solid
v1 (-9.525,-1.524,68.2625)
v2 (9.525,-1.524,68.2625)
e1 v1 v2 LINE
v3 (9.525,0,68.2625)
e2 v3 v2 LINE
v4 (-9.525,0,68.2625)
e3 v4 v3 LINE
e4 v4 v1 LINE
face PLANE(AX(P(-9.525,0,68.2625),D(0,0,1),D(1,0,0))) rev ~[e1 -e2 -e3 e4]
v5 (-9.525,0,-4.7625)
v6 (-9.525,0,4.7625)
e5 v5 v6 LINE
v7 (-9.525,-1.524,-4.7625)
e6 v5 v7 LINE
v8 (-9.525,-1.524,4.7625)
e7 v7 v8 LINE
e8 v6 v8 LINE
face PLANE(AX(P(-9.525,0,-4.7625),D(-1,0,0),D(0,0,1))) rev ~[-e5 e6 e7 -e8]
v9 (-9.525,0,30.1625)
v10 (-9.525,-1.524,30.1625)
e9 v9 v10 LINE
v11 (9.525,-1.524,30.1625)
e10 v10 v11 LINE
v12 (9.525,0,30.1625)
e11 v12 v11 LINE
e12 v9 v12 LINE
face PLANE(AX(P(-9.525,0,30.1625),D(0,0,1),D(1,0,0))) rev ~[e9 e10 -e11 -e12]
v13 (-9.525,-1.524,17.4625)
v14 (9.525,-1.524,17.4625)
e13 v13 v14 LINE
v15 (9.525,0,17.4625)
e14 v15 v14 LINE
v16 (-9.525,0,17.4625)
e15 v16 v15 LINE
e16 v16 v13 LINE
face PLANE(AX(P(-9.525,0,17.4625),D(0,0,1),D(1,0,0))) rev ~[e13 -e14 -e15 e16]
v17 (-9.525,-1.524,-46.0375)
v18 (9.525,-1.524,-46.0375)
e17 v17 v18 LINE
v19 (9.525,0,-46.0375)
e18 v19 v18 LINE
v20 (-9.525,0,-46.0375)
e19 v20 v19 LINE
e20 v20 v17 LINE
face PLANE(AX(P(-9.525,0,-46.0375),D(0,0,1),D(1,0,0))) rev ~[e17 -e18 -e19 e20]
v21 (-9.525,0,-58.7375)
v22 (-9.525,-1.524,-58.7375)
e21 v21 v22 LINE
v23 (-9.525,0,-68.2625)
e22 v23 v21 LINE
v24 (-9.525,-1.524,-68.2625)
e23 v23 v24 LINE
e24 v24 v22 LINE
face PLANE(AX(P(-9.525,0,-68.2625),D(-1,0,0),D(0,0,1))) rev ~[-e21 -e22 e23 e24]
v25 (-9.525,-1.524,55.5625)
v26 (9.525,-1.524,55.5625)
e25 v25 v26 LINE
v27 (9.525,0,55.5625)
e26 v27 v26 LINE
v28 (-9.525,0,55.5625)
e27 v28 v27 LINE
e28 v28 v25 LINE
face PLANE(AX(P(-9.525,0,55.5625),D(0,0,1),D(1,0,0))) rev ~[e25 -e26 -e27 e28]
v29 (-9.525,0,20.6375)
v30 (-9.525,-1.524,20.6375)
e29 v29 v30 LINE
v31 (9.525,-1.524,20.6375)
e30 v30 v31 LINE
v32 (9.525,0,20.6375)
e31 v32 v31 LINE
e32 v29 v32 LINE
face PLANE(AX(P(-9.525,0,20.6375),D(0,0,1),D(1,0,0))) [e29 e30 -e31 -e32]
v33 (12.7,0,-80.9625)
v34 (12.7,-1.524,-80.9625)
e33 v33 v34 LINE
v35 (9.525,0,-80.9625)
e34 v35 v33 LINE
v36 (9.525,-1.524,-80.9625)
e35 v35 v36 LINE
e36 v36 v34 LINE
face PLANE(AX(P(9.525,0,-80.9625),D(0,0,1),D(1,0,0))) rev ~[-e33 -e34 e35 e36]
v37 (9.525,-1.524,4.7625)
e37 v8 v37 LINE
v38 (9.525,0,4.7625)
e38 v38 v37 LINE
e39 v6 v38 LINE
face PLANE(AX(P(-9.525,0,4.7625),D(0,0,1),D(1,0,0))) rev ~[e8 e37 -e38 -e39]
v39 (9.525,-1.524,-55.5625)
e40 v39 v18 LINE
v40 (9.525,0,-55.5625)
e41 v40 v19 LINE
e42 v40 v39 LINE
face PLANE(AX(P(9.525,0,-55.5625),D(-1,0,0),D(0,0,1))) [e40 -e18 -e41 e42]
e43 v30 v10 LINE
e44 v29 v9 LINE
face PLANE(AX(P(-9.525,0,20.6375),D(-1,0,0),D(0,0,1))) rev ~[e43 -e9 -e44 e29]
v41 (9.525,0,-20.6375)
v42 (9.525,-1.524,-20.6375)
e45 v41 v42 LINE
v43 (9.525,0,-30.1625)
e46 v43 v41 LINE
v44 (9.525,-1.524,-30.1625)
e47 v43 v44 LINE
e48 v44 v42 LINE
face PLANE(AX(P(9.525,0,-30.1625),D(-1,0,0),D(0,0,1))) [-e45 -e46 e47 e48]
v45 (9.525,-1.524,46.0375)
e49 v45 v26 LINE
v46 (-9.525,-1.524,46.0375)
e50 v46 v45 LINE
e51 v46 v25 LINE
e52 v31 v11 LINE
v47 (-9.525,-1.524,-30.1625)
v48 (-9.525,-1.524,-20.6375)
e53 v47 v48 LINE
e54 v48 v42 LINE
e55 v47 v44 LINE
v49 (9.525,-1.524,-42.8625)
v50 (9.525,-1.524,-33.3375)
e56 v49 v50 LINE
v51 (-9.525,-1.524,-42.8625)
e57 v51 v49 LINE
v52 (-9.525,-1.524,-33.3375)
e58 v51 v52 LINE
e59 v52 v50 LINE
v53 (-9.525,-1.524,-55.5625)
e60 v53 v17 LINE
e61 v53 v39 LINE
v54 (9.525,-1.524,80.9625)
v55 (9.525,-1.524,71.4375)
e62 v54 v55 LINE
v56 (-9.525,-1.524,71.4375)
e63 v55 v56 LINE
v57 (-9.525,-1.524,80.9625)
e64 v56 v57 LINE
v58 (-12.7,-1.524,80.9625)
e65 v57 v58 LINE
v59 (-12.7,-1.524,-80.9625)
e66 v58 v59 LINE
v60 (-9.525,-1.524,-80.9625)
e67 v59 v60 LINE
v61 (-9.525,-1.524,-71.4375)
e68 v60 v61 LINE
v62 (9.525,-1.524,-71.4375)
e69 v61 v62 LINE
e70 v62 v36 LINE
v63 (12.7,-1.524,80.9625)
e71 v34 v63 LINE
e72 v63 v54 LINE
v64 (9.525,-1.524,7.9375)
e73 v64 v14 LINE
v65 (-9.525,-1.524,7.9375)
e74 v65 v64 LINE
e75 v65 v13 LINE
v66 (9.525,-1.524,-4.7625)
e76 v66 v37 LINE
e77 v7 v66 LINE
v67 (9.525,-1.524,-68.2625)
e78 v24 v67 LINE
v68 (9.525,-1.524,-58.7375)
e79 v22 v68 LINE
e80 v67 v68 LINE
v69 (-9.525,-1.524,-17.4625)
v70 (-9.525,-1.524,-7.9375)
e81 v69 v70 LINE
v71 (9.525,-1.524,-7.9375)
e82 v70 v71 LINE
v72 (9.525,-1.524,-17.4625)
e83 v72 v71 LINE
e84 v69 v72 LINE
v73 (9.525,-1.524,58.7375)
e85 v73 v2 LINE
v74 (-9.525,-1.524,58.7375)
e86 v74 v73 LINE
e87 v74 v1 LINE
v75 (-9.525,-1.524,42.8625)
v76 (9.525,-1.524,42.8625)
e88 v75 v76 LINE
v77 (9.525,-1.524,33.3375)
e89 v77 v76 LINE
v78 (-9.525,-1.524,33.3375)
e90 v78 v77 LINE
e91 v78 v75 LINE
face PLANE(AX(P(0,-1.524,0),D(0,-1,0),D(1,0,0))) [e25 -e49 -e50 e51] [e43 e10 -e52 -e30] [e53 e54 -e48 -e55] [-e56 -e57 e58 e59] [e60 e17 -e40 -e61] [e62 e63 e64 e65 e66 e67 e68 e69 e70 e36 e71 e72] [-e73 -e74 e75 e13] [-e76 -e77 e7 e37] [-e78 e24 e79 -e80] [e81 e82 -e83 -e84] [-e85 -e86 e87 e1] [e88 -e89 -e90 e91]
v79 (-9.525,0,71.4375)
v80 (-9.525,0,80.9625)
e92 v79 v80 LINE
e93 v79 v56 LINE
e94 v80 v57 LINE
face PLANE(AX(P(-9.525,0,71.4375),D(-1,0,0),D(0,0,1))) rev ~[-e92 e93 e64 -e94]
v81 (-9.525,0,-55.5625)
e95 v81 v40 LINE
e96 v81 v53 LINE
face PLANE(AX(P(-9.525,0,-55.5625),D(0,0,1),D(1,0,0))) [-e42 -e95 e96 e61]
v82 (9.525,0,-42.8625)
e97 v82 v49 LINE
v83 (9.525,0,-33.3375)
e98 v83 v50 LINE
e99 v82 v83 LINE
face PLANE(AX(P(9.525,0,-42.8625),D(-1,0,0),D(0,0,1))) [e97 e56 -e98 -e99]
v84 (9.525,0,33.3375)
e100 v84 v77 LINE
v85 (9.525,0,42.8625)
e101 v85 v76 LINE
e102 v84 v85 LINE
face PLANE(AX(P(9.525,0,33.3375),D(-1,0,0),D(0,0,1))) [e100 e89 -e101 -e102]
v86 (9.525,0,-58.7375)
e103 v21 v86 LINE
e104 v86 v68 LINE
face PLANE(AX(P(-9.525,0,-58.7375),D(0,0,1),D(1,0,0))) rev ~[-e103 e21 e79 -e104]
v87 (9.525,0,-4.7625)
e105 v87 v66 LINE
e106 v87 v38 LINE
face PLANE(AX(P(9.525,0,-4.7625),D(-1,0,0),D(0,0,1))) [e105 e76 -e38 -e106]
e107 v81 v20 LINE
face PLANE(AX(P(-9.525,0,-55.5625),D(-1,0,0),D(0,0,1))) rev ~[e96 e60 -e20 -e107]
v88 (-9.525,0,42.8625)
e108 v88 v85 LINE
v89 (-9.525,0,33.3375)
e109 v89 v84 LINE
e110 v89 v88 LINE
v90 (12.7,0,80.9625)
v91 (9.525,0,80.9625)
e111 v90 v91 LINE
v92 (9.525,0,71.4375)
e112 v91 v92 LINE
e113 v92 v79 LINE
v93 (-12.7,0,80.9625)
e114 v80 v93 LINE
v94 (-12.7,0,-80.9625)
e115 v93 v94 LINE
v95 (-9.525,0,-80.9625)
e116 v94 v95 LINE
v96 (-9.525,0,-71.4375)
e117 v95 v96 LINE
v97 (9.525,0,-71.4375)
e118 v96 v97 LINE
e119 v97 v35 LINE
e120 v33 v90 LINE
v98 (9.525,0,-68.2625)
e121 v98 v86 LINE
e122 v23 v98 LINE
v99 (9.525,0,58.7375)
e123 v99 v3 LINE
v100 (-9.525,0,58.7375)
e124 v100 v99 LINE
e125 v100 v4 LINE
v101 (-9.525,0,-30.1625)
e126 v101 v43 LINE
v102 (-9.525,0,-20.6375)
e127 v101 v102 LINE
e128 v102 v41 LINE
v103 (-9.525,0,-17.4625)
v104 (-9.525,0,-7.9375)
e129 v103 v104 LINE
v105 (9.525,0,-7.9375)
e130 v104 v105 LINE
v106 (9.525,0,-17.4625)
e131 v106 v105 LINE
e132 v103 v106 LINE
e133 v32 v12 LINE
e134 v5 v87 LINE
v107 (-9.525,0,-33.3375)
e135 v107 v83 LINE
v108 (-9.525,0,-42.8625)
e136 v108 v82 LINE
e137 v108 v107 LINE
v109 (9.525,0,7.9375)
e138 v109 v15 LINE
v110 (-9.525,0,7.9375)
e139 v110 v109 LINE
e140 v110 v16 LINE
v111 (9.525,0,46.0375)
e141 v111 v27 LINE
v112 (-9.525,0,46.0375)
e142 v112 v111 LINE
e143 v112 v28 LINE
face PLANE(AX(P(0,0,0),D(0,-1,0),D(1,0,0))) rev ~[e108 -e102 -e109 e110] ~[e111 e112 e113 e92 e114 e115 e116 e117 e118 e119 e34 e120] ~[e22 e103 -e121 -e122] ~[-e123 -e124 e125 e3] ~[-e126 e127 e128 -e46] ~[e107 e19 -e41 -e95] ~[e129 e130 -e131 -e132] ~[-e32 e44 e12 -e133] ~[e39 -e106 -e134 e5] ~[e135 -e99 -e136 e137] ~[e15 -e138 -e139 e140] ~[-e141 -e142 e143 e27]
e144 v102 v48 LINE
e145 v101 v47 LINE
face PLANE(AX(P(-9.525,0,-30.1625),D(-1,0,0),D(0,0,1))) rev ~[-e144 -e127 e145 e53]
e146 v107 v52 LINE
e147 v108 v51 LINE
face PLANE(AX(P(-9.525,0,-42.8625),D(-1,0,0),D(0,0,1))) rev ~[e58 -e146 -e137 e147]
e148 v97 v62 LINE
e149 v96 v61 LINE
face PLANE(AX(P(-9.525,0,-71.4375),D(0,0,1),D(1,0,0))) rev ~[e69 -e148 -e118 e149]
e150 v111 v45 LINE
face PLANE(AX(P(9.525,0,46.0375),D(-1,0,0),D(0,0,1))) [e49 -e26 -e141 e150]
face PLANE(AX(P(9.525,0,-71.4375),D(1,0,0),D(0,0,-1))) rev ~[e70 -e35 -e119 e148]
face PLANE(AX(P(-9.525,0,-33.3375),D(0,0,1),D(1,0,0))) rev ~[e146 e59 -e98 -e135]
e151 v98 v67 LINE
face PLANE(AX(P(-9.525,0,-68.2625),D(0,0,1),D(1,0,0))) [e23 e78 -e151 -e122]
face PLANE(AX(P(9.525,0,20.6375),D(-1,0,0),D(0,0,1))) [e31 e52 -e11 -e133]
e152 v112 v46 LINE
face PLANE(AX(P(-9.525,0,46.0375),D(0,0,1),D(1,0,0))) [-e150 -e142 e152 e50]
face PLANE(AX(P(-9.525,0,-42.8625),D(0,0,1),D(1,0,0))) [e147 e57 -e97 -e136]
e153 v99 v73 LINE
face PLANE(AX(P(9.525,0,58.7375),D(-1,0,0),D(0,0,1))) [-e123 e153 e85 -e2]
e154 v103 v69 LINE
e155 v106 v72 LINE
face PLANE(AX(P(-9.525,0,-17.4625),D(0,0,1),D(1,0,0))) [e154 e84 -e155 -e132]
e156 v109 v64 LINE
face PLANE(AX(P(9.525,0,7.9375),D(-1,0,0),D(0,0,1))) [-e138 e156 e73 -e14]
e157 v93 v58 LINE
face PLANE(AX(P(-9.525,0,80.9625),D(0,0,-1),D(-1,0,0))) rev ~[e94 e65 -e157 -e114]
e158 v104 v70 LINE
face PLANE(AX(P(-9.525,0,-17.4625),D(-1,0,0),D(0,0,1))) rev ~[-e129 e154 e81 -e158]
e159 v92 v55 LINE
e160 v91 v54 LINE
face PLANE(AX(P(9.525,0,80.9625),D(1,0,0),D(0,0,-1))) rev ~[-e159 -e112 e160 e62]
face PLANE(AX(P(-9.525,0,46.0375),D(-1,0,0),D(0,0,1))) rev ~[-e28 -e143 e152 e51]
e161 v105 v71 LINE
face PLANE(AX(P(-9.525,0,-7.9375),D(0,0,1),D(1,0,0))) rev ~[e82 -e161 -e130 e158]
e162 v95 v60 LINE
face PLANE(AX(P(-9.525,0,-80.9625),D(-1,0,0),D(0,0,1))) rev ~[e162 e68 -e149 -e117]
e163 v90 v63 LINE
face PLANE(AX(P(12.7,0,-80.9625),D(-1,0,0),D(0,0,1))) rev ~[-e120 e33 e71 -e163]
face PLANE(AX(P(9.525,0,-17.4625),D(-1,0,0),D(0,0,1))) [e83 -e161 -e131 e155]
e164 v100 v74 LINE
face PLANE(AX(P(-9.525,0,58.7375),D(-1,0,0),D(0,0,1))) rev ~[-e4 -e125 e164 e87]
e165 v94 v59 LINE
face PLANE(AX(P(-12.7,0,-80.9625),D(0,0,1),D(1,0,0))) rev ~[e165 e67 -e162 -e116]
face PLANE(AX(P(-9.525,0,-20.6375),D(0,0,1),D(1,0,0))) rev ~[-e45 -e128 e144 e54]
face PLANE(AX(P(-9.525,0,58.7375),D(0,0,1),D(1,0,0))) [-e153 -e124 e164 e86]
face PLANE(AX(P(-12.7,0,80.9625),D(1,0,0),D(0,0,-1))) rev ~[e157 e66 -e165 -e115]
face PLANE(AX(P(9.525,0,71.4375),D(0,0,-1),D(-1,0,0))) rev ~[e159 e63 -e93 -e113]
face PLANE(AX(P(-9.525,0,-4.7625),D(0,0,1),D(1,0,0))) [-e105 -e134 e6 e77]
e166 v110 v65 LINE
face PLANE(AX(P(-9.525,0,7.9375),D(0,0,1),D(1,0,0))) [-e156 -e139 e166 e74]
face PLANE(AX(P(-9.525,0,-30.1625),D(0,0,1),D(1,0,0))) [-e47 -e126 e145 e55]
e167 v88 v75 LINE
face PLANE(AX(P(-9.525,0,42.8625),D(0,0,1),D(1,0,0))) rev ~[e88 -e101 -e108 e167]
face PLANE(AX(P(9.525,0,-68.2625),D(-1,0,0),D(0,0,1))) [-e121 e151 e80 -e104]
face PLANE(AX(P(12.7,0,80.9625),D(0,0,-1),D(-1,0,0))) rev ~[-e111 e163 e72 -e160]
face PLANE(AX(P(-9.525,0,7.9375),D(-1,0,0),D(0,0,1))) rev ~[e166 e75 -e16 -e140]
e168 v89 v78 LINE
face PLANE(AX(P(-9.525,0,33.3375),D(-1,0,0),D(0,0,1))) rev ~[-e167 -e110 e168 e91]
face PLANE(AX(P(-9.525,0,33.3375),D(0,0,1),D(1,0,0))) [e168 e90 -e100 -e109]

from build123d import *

# Parameters (mm, degrees)
F0_W     = 19.05
F0_H     = 9.525
F1_DEPTH = 1.524


with BuildPart() as f1:
    # F0 (on Front) → F1 (new body)
    with BuildSketch(Plane.XZ):
        Polygon((-9.525, 80.9625), (-12.7, 80.9625), (-12.7, -80.9625), (-9.525, -80.9625), (-9.525, -71.4375), (9.525, -71.4375), (9.525, -80.9625), (12.7, -80.9625), (12.7, 80.9625), (9.525, 80.9625), (9.525, 71.4375), (-9.525, 71.4375), align=None)
        with Locations((0, -63.5)):
            Rectangle(F0_W, F0_H, mode=Mode.SUBTRACT)
        with Locations((0, -50.8)):
            Rectangle(F0_W, F0_H, mode=Mode.SUBTRACT)
        with Locations((0, -38.1)):
            Rectangle(F0_W, F0_H, mode=Mode.SUBTRACT)
        with Locations((0, -25.4)):
            Rectangle(F0_W, F0_H, mode=Mode.SUBTRACT)
        with Locations((0, -12.7)):
            Rectangle(F0_W, F0_H, mode=Mode.SUBTRACT)
        Rectangle(F0_W, F0_H, mode=Mode.SUBTRACT)
        with Locations((0, 12.7)):
            Rectangle(F0_W, F0_H, mode=Mode.SUBTRACT)
        with Locations((0, 25.4)):
            Rectangle(F0_W, F0_H, mode=Mode.SUBTRACT)
        with Locations((0, 38.1)):
            Rectangle(F0_W, F0_H, mode=Mode.SUBTRACT)
        with Locations((0, 50.8)):
            Rectangle(F0_W, F0_H, mode=Mode.SUBTRACT)
        with Locations((0, 63.5)):
            Rectangle(F0_W, F0_H, mode=Mode.SUBTRACT)
    extrude(amount=F1_DEPTH)


solid = f1.part
